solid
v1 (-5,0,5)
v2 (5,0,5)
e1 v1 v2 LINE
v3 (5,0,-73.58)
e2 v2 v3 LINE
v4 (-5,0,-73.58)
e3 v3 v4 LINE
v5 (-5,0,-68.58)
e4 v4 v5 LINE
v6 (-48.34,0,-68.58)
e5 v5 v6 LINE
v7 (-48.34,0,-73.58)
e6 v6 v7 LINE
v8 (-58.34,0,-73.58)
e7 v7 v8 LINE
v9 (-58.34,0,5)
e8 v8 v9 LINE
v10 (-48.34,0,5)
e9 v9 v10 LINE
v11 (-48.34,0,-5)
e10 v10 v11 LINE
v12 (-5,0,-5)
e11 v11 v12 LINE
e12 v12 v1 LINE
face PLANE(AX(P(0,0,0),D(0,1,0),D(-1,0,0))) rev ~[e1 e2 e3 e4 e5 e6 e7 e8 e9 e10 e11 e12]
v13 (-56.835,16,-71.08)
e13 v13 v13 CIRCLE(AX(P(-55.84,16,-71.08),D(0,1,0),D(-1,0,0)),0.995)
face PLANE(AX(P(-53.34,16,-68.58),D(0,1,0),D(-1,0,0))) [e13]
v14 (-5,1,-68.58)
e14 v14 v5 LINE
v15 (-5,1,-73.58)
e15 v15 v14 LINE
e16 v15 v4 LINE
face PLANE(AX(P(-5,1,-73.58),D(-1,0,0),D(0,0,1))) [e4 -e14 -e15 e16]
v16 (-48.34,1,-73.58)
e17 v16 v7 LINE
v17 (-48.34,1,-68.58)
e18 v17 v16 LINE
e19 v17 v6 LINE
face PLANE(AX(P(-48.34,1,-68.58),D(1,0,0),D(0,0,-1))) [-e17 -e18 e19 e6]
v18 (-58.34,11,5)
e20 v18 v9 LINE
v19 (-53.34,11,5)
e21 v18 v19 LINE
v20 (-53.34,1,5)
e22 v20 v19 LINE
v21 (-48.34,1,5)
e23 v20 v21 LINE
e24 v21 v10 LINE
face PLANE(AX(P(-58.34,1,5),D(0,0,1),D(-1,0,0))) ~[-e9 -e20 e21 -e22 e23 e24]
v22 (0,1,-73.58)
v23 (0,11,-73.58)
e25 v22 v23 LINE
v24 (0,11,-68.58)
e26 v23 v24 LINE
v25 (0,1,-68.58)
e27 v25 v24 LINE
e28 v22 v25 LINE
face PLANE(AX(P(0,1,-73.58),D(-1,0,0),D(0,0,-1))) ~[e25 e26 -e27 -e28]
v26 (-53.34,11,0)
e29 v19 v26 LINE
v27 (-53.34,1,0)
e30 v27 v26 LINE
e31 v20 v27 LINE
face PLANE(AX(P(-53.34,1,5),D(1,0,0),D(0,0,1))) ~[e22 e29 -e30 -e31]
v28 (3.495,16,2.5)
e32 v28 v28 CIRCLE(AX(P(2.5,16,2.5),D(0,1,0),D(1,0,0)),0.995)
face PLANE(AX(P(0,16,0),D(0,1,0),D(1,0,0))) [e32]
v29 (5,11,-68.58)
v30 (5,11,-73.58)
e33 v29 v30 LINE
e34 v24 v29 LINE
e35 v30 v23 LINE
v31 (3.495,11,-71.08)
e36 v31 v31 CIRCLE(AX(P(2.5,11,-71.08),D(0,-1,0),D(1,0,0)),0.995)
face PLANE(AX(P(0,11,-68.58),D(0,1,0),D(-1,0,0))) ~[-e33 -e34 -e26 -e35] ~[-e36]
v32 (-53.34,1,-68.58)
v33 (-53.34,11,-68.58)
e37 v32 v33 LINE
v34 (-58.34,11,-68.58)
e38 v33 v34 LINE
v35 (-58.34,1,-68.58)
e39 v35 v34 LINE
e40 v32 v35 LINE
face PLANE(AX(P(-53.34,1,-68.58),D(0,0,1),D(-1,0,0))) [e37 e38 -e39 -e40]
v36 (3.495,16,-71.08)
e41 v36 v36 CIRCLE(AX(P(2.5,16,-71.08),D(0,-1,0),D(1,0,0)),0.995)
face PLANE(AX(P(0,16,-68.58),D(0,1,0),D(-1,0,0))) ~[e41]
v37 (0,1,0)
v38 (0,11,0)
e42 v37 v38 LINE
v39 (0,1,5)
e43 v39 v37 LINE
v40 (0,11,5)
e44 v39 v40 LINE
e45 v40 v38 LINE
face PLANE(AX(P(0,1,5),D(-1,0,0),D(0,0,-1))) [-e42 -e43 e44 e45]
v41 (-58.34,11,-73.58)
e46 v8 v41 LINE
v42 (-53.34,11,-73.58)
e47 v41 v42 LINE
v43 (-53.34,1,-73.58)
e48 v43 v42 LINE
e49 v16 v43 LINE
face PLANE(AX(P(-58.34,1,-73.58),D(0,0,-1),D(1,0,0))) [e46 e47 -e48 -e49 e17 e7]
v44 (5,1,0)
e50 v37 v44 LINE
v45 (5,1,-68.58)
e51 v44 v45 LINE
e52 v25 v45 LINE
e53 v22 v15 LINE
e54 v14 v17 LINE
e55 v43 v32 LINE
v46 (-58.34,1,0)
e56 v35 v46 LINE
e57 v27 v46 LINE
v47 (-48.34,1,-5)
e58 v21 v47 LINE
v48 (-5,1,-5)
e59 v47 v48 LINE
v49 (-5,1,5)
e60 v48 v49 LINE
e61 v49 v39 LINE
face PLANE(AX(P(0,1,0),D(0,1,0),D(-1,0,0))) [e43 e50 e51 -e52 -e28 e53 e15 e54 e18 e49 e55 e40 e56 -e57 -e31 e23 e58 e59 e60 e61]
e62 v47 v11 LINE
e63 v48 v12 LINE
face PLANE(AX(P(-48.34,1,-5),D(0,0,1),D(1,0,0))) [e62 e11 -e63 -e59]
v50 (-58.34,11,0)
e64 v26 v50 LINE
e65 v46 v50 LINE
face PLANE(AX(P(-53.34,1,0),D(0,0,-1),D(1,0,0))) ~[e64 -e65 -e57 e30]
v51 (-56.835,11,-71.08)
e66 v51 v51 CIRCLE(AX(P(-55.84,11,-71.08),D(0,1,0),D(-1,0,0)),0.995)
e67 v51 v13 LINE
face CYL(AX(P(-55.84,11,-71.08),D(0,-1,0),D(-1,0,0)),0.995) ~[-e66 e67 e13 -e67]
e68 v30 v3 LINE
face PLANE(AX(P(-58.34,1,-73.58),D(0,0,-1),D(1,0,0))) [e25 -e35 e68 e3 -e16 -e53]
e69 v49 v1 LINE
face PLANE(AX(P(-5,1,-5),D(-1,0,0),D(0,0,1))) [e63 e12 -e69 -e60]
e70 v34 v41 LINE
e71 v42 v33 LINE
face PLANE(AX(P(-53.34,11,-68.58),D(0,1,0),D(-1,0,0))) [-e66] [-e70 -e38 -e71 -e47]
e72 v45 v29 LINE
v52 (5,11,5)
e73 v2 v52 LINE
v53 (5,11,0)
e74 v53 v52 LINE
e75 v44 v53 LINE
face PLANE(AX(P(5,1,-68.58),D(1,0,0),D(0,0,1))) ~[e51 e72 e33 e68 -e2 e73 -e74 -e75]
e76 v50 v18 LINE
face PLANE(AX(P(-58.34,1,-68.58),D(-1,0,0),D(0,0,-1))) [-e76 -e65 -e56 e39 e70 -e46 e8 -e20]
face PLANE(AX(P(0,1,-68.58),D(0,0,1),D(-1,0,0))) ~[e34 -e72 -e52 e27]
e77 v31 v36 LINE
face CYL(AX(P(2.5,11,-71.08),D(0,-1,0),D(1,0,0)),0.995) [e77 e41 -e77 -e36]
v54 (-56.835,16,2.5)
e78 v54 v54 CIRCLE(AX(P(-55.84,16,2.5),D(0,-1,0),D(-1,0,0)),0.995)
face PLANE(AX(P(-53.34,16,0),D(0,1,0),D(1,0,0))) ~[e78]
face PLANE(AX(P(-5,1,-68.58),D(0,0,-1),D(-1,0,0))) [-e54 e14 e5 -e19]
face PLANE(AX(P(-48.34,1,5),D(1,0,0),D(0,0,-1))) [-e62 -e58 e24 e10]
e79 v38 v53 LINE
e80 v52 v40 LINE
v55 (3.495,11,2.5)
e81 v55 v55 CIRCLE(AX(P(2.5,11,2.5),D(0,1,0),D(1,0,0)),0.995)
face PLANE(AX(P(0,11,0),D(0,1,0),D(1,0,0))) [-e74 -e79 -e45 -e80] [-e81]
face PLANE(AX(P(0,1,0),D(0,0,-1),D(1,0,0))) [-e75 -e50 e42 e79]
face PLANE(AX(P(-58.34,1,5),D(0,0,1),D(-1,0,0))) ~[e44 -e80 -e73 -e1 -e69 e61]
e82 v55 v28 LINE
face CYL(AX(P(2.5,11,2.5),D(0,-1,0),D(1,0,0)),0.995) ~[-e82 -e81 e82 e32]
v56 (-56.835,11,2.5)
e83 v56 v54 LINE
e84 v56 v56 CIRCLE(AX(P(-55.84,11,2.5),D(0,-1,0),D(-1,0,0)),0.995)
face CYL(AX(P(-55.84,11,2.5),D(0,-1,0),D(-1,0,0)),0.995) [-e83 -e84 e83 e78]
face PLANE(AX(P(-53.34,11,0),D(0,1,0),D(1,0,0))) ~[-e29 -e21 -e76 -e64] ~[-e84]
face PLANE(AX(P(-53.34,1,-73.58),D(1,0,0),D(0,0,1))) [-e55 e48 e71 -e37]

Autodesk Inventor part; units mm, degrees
ref_plane "YZ Plane" through (0, 0, 0) normal (1, 0, 0) x (0, 1, 0)
ref_plane "XZ Plane" through (0, 0, 0) normal (0, 1, 0) x (-1, 0, 0)
ref_plane "XY Plane" through (0, 0, 0) normal (0, 0, 1) x (1, 0, 0)
sketch "Sketch1" plane through (0, 0, 0) normal (0, 1, 0) x (-1, 0, 0)
  line L0 (0, 0) -> (53.34, 0)
  line L1 (53.34, 0) -> (53.34, -68.58)
  line L2 (53.34, -68.58) -> (0, -68.58)
  line L3 (0, -68.58) -> (0, 0)
  line L4 (53.34, -66) -> (0, -66) construction
  circle A0 centre (7.62, -66) radius 1.5
  circle A1 centre (35.56, -66) radius 1.5
  circle A2 centre (2.5, -14) radius 1.5
  line L5 (-5, -73.58) -> (58.34, -73.58)
  line L6 (58.34, -73.58) -> (58.34, 5)
  line L7 (58.34, 5) -> (-5, 5)
  line L8 (-5, 5) -> (-5, -73.58)
  dimension "d0" = 68.58
  dimension "d1" = 53.34
  dimension "d2" = 2.58
  dimension "d3" = 3
  dimension "d4" = 7.62
  dimension "d5" = 3
  dimension "d6" = 35.56
  dimension "d8" = 3
  dimension "d9" = 14
  dimension "d10" = 2.5
  dimension "d46" = 5
extrude "Extrusion4" add sketch "Sketch1" along normal blind 1 contours L0 L1 L2 L3 | A0 | A1 | A2 | L8 L7 L6 L5
sketch "Sketch5" plane through (0, 1, 0) normal (0, 1, 0) x (1, 0, 0)
  line L0 (5, -5) -> (0, -5)
  line L1 (0, -5) -> (0, 0)
  line L2 (0, 0) -> (5, 0)
  line L3 (5, 0) -> (5, -5)
  dimension "d49" = 5
  dimension "d50" = 5
extrude "Extrusion5" add sketch "Sketch5" along normal blind 10
ref_plane "Work Plane2" through (-26.67, 0, 5) normal (1, 0, 0) x (0, 0, -1)
mirror "Mirror2" about plane through (-26.67, 0, 5) normal (1, 0, 0) of "Extrusion5"
ref_plane "Work Plane3" through (-58.34, 0, -34.29) normal (0, 0, 1) x (1, 0, 0)
mirror "Mirror3" about plane through (-58.34, 0, -34.29) normal (0, 0, 1) of "Extrusion5", "Mirror2"
sketch "Sketch7" plane through (0, 11, 0) normal (0, 1, 0) x (1, 0, 0)
  line L0 (0, 0) -> (0, -5) projected
  line L1 (0, -5) -> (5, -5) projected
  line L2 (5, -5) -> (5, 0) projected
  line L3 (5, 0) -> (0, 0) projected
  circle A0 centre (2.5, -2.5) radius 0.995
  dimension "d53" = 5
  dimension "d54" = 1.99
extrude "Extrusion8" add sketch "Sketch7" along normal blind 5 contours A0
mirror "Mirror10" about plane through (-26.67, 0, 5) normal (1, 0, 0) of "Extrusion8"
mirror "Mirror11" about plane through (-58.34, 0, -34.29) normal (0, 0, 1) of "Extrusion8", "Mirror10"
sketch "Sketch8" plane through (0, 1, 0) normal (0, 1, 0) x (1, 0, 0)
  line L0 (-53.34, 73.58) -> (-53.34, 68.58) projected
  line L1 (-53.34, 68.58) -> (-58.34, 68.58) projected
  line L2 (-58.34, 68.58) -> (-58.34, 0) projected
  line L3 (-58.34, 0) -> (-53.34, 0) projected
  line L4 (-53.34, 0) -> (-53.34, -5) projected
  line L5 (-53.34, -5) -> (0, -5) projected
  line L6 (0, -5) -> (0, 0) projected
  line L7 (0, 0) -> (5, 0) projected
  line L8 (5, 0) -> (5, 68.58) projected
  line L9 (5, 68.58) -> (0, 68.58) projected
  line L10 (0, 68.58) -> (0, 73.58) projected
  line L11 (0, 73.58) -> (-53.34, 73.58) projected
  line L12 (-58.34, -5) -> (5, -5) projected
  line L13 (-48.34, 5) -> (-5, 5)
  line L14 (-5, 5) -> (-5, -5)
  line L15 (-5, -5) -> (-48.34, -5)
  line L16 (-48.34, -5) -> (-48.34, 5)
  line L17 (5, -5) -> (5, 73.58) projected
  line L18 (5, 73.58) -> (-58.34, 73.58) projected
  line L19 (-48.34, 73.58) -> (-5, 73.58)
  line L20 (-5, 73.58) -> (-5, 68.58)
  line L21 (-5, 68.58) -> (-48.34, 68.58)
  line L22 (-48.34, 68.58) -> (-48.34, 73.58)
  dimension "d64" = 53.34
  dimension "d65" = 43.34
  dimension "d66" = 5
  dimension "d69" = 78.58
  dimension "d72" = 10
  dimension "d73" = 5
  dimension "d74" = 5
extrude "Extrusion9" cut sketch "Sketch8" against normal blind 1 contours L11 L20 L21 L22 | L16 L13 L14 L5
properties part number "boardtable2"
